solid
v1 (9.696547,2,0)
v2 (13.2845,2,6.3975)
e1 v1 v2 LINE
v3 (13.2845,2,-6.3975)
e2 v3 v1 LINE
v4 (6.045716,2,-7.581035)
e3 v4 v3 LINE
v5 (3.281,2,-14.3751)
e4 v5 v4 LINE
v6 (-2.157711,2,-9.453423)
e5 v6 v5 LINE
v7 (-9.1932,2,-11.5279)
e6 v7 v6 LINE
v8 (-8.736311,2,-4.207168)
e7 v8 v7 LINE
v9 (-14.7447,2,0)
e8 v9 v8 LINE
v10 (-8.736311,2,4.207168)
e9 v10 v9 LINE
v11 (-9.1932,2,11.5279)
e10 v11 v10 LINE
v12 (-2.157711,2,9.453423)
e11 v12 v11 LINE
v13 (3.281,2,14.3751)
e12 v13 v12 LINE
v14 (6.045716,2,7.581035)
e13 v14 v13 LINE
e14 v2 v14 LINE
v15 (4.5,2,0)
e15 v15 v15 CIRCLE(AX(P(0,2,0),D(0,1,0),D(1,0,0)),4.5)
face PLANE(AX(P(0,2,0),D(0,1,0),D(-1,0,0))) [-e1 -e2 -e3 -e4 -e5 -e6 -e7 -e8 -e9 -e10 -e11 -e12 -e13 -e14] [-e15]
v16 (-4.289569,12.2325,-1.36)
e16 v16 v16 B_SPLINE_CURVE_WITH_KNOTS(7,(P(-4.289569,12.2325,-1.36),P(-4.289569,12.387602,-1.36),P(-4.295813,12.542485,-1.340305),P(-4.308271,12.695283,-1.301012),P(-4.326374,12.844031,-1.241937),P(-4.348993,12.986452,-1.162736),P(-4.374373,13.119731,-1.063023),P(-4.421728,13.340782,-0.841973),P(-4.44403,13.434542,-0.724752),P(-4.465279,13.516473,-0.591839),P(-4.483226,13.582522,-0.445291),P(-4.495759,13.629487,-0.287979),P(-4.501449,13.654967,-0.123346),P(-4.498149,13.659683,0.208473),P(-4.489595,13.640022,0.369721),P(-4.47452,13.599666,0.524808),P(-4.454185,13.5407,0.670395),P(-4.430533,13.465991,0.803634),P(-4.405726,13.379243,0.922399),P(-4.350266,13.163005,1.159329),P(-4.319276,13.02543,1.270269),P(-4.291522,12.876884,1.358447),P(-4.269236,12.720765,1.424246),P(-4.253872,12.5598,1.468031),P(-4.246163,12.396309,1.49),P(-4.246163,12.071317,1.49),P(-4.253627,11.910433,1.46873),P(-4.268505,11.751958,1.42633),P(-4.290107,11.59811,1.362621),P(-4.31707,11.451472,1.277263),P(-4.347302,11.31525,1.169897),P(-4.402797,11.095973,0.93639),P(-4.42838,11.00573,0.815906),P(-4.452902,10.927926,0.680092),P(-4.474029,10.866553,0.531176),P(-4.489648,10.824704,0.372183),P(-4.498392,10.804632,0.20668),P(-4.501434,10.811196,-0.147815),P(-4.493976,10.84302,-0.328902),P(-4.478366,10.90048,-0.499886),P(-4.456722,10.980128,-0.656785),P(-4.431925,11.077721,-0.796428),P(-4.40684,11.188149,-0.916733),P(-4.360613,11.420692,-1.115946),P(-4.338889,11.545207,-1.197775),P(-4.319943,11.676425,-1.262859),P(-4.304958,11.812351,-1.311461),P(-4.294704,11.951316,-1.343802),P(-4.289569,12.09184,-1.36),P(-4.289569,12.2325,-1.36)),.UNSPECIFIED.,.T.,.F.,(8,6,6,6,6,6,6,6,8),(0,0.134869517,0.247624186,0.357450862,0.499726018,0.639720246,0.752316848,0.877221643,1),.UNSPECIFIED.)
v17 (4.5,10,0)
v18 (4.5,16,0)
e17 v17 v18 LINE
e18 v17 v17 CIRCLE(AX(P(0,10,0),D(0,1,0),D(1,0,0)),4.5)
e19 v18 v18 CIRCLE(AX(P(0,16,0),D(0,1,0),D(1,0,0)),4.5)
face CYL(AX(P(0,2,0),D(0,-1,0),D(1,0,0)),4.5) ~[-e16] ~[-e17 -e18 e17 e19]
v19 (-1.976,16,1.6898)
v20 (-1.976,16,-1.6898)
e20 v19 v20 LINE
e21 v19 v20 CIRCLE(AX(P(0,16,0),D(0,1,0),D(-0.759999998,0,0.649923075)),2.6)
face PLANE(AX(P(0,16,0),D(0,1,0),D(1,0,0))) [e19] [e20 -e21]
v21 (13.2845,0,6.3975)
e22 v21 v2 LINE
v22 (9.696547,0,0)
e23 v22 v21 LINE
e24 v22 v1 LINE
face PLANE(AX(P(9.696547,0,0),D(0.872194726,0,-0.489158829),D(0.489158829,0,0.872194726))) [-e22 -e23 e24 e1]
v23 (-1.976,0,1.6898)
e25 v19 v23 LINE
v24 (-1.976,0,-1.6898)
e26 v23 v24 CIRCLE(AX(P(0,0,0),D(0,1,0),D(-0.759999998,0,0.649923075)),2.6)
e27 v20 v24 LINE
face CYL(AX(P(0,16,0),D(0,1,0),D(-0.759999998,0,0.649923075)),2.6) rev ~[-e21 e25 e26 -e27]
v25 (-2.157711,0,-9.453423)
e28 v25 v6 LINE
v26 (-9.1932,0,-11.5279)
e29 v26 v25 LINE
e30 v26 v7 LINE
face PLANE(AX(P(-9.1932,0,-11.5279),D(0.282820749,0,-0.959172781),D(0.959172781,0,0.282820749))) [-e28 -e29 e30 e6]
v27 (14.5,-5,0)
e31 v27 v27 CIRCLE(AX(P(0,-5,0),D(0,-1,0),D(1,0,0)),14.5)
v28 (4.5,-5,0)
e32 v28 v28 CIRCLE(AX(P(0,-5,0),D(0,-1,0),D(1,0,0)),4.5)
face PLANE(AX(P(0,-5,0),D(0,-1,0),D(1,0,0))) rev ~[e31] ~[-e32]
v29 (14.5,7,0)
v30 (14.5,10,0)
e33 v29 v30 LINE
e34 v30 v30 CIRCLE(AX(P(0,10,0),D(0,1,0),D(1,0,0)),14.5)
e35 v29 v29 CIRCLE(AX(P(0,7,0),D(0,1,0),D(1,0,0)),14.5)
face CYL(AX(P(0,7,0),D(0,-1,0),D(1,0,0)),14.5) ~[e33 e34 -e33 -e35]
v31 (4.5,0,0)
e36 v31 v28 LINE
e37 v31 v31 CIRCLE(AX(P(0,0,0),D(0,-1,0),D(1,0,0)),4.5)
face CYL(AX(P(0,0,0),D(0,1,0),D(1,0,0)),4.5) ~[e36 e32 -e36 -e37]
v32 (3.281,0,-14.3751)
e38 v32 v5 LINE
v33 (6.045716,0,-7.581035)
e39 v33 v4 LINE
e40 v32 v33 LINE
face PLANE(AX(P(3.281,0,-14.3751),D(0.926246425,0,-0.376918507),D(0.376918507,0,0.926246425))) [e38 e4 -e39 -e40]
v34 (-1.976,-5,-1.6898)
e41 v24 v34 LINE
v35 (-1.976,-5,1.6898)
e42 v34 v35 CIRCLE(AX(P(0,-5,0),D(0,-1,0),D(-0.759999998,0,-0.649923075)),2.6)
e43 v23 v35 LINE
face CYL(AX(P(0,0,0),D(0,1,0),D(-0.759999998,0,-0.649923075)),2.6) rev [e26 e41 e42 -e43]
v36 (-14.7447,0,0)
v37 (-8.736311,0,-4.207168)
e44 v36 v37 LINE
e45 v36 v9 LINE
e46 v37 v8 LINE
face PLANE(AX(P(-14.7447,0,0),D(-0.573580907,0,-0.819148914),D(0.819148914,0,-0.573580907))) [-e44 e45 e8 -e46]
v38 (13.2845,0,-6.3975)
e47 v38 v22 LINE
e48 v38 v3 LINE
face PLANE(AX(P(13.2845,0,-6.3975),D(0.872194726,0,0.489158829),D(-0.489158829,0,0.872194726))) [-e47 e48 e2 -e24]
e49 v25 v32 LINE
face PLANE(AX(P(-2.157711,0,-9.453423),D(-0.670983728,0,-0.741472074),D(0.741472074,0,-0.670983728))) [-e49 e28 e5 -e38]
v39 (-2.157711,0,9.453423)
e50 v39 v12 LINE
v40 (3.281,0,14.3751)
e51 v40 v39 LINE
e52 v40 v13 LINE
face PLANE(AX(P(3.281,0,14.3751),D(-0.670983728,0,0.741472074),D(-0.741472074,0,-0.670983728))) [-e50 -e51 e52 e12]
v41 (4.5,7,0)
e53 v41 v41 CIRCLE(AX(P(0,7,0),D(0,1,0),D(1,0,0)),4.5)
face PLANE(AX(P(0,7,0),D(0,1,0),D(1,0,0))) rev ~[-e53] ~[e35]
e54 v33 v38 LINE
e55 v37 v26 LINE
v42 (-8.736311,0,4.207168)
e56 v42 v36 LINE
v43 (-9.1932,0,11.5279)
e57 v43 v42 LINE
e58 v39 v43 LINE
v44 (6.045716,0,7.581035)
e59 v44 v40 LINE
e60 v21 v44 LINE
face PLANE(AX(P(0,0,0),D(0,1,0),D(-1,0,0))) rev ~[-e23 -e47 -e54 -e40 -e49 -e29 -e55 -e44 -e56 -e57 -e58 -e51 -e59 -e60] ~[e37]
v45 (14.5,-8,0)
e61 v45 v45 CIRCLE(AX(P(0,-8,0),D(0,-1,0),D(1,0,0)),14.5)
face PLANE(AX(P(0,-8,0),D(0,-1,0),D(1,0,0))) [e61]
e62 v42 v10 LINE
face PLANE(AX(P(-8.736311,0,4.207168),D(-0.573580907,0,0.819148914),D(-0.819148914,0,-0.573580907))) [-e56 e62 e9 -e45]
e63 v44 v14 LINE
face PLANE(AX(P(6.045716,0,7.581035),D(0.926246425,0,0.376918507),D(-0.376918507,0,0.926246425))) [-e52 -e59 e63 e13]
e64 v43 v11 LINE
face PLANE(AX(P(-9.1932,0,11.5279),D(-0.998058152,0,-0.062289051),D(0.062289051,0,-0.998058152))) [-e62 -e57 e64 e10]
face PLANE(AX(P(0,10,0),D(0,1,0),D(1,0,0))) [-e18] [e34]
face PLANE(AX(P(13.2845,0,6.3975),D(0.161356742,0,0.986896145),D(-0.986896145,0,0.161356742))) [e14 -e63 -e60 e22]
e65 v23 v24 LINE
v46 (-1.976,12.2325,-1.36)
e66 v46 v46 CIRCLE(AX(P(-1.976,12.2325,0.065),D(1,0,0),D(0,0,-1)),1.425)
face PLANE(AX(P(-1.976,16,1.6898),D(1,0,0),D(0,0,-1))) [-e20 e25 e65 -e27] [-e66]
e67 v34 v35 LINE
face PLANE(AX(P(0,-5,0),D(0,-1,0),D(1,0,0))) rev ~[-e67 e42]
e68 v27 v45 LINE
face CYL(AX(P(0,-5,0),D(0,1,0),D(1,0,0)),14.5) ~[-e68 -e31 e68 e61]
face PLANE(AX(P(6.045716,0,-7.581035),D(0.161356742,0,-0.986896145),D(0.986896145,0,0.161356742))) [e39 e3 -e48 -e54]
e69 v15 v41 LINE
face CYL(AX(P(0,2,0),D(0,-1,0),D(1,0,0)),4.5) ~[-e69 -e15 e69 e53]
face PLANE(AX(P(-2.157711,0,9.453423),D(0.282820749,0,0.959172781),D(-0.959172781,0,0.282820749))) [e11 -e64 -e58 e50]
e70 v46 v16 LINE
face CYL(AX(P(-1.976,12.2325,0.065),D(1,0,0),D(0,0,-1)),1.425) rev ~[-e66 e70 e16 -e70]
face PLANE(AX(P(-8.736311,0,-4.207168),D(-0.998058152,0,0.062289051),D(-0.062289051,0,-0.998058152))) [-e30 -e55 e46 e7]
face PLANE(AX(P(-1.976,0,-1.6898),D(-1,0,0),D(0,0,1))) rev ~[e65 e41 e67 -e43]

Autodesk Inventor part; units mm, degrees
ref_plane "YZ Plane" through (0, 0, 0) normal (1, 0, 0) x (0, 1, 0)
ref_plane "XZ Plane" through (0, 0, 0) normal (0, 1, 0) x (-1, 0, 0)
sketch "Sketch1" plane through (0, 0, 0) normal (0, 1, 0) x (-1, 0, 0)
  line L0 (7.3724, 5.1622) -> (14.7447, 0)
  line L1 (14.7447, 0) -> (7.3724, -5.1622)
  line L2 (0.5606, 8.9825) -> (9.1932, 11.5279)
  line L3 (9.1932, 11.5279) -> (8.6326, 2.5454)
  line L4 (-6.6733, 6.0388) -> (-3.281, 14.3751)
  line L5 (-3.281, 14.3751) -> (3.3923, 8.3362)
  line L6 (-8.8821, -1.4522) -> (-13.2845, 6.3975)
  line L7 (-13.2845, 6.3975) -> (-4.4025, 7.8497)
  line L8 (-4.4025, -7.8497) -> (-13.2845, -6.3975)
  line L9 (-13.2845, -6.3975) -> (-8.8821, 1.4522)
  line L10 (3.3923, -8.3362) -> (-3.281, -14.3751)
  line L11 (-3.281, -14.3751) -> (-6.6733, -6.0388)
  line L12 (8.6326, -2.5454) -> (9.1932, -11.5279)
  line L13 (9.1932, -11.5279) -> (0.5606, -8.9825)
  arc A0 (-6.6733, -6.0388) -> (-5.3444, -7.2414) centre (0, 0) ccw
  arc A1 (7.3724, -5.1622) -> (7.957, -4.2054) centre (0, 0) ccw
  arc A2 (8.2491, -3.599) -> (8.6326, -2.5454) centre (0, 0) ccw
  point P0 (-6.0457, -7.5811)
  point P1 (2.1577, -9.4534)
  point P2 (8.7363, -4.2072)
  point P3 (8.7363, 4.2072)
  point P4 (2.1577, 9.4534)
  point P5 (-6.0457, 7.5811)
  point P6 (-9.6965, 0)
  dimension "d5" = 360
extrude "Extrusion1" add sketch "Sketch1" along normal blind 2
sketch "Sketch2" plane through (0, 2, 0) normal (0, 1, 0) x (1, 0, 0)
  circle A0 centre (0, 0) radius 4.5
  dimension "d9" = 9
extrude "Extrusion2" add sketch "Sketch2" along normal blind 14
sketch "Sketch3" plane through (0, 16, 0) normal (0, 1, 0) x (1, 0, 0)
  arc A0 (-1.976, -1.6898) -> (-1.976, 1.6898) centre (0, 0) ccw
  line L0 (-1.976, -1.6898) -> (-1.976, 1.6898)
  line L1 (2.6, 0) -> (2.6, 18.1631)
  dimension "d19" = 2.6
extrude "Extrusion3" cut sketch "Sketch3" against normal through all
sketch "Sketch4" plane through (-1.976, 16, 1.6898) normal (1, 0, 0) x (0, 0, -1)
  circle A0 centre (1.6248, -3.7675) radius 1.425
  point P0 (1.6898, -16)
  dimension "d16" = 2.85
extrude "Extrusion4" cut sketch "Sketch4" against normal blind 10
sketch "Sketch5" plane through (0, 0, 0) normal (0, -1, 0) x (1, 0, 0)
  circle A0 centre (0, 0) radius 4.5
  line L0 (-1.976, -1.6898) -> (-1.976, 1.6898) projected
  line L1 (-1.976, 1.6898) -> (-1.976, -1.6898)
  arc A1 (-1.976, -1.6898) -> (-1.976, 1.6898) centre (0, 0) ccw
  dimension "d20" = 9
extrude "Extrusion5" add sketch "Sketch5" along normal blind 5
sketch "Sketch6" plane through (0, -5, 0) normal (0, -1, 0) x (1, 0, 0)
  arc A0 (-1.976, -1.6898) -> (-1.976, 1.6898) centre (0, 0) ccw projected
  circle A1 centre (0, 0) radius 14.5
  point P0 (0, 0)
  dimension "d23" = 29
extrude "Extrusion6" add sketch "Sketch6" along normal blind 3
ref_plane "Work Plane1" through (0, 7, 0) normal (0, 1, 0) x (1, 0, 0)
sketch "Sketch7" plane through (0, 7, 0) normal (0, 1, 0) x (1, 0, 0)
  circle A0 centre (0, 0) radius 4.5
  arc A1 (-1.976, -1.6898) -> (-1.976, 1.6898) centre (0, 0) ccw projected
  circle A2 centre (0, 0) radius 14.5
extrude "Extrusion7" add sketch "Sketch7" along normal blind 3
properties part number "gear"
